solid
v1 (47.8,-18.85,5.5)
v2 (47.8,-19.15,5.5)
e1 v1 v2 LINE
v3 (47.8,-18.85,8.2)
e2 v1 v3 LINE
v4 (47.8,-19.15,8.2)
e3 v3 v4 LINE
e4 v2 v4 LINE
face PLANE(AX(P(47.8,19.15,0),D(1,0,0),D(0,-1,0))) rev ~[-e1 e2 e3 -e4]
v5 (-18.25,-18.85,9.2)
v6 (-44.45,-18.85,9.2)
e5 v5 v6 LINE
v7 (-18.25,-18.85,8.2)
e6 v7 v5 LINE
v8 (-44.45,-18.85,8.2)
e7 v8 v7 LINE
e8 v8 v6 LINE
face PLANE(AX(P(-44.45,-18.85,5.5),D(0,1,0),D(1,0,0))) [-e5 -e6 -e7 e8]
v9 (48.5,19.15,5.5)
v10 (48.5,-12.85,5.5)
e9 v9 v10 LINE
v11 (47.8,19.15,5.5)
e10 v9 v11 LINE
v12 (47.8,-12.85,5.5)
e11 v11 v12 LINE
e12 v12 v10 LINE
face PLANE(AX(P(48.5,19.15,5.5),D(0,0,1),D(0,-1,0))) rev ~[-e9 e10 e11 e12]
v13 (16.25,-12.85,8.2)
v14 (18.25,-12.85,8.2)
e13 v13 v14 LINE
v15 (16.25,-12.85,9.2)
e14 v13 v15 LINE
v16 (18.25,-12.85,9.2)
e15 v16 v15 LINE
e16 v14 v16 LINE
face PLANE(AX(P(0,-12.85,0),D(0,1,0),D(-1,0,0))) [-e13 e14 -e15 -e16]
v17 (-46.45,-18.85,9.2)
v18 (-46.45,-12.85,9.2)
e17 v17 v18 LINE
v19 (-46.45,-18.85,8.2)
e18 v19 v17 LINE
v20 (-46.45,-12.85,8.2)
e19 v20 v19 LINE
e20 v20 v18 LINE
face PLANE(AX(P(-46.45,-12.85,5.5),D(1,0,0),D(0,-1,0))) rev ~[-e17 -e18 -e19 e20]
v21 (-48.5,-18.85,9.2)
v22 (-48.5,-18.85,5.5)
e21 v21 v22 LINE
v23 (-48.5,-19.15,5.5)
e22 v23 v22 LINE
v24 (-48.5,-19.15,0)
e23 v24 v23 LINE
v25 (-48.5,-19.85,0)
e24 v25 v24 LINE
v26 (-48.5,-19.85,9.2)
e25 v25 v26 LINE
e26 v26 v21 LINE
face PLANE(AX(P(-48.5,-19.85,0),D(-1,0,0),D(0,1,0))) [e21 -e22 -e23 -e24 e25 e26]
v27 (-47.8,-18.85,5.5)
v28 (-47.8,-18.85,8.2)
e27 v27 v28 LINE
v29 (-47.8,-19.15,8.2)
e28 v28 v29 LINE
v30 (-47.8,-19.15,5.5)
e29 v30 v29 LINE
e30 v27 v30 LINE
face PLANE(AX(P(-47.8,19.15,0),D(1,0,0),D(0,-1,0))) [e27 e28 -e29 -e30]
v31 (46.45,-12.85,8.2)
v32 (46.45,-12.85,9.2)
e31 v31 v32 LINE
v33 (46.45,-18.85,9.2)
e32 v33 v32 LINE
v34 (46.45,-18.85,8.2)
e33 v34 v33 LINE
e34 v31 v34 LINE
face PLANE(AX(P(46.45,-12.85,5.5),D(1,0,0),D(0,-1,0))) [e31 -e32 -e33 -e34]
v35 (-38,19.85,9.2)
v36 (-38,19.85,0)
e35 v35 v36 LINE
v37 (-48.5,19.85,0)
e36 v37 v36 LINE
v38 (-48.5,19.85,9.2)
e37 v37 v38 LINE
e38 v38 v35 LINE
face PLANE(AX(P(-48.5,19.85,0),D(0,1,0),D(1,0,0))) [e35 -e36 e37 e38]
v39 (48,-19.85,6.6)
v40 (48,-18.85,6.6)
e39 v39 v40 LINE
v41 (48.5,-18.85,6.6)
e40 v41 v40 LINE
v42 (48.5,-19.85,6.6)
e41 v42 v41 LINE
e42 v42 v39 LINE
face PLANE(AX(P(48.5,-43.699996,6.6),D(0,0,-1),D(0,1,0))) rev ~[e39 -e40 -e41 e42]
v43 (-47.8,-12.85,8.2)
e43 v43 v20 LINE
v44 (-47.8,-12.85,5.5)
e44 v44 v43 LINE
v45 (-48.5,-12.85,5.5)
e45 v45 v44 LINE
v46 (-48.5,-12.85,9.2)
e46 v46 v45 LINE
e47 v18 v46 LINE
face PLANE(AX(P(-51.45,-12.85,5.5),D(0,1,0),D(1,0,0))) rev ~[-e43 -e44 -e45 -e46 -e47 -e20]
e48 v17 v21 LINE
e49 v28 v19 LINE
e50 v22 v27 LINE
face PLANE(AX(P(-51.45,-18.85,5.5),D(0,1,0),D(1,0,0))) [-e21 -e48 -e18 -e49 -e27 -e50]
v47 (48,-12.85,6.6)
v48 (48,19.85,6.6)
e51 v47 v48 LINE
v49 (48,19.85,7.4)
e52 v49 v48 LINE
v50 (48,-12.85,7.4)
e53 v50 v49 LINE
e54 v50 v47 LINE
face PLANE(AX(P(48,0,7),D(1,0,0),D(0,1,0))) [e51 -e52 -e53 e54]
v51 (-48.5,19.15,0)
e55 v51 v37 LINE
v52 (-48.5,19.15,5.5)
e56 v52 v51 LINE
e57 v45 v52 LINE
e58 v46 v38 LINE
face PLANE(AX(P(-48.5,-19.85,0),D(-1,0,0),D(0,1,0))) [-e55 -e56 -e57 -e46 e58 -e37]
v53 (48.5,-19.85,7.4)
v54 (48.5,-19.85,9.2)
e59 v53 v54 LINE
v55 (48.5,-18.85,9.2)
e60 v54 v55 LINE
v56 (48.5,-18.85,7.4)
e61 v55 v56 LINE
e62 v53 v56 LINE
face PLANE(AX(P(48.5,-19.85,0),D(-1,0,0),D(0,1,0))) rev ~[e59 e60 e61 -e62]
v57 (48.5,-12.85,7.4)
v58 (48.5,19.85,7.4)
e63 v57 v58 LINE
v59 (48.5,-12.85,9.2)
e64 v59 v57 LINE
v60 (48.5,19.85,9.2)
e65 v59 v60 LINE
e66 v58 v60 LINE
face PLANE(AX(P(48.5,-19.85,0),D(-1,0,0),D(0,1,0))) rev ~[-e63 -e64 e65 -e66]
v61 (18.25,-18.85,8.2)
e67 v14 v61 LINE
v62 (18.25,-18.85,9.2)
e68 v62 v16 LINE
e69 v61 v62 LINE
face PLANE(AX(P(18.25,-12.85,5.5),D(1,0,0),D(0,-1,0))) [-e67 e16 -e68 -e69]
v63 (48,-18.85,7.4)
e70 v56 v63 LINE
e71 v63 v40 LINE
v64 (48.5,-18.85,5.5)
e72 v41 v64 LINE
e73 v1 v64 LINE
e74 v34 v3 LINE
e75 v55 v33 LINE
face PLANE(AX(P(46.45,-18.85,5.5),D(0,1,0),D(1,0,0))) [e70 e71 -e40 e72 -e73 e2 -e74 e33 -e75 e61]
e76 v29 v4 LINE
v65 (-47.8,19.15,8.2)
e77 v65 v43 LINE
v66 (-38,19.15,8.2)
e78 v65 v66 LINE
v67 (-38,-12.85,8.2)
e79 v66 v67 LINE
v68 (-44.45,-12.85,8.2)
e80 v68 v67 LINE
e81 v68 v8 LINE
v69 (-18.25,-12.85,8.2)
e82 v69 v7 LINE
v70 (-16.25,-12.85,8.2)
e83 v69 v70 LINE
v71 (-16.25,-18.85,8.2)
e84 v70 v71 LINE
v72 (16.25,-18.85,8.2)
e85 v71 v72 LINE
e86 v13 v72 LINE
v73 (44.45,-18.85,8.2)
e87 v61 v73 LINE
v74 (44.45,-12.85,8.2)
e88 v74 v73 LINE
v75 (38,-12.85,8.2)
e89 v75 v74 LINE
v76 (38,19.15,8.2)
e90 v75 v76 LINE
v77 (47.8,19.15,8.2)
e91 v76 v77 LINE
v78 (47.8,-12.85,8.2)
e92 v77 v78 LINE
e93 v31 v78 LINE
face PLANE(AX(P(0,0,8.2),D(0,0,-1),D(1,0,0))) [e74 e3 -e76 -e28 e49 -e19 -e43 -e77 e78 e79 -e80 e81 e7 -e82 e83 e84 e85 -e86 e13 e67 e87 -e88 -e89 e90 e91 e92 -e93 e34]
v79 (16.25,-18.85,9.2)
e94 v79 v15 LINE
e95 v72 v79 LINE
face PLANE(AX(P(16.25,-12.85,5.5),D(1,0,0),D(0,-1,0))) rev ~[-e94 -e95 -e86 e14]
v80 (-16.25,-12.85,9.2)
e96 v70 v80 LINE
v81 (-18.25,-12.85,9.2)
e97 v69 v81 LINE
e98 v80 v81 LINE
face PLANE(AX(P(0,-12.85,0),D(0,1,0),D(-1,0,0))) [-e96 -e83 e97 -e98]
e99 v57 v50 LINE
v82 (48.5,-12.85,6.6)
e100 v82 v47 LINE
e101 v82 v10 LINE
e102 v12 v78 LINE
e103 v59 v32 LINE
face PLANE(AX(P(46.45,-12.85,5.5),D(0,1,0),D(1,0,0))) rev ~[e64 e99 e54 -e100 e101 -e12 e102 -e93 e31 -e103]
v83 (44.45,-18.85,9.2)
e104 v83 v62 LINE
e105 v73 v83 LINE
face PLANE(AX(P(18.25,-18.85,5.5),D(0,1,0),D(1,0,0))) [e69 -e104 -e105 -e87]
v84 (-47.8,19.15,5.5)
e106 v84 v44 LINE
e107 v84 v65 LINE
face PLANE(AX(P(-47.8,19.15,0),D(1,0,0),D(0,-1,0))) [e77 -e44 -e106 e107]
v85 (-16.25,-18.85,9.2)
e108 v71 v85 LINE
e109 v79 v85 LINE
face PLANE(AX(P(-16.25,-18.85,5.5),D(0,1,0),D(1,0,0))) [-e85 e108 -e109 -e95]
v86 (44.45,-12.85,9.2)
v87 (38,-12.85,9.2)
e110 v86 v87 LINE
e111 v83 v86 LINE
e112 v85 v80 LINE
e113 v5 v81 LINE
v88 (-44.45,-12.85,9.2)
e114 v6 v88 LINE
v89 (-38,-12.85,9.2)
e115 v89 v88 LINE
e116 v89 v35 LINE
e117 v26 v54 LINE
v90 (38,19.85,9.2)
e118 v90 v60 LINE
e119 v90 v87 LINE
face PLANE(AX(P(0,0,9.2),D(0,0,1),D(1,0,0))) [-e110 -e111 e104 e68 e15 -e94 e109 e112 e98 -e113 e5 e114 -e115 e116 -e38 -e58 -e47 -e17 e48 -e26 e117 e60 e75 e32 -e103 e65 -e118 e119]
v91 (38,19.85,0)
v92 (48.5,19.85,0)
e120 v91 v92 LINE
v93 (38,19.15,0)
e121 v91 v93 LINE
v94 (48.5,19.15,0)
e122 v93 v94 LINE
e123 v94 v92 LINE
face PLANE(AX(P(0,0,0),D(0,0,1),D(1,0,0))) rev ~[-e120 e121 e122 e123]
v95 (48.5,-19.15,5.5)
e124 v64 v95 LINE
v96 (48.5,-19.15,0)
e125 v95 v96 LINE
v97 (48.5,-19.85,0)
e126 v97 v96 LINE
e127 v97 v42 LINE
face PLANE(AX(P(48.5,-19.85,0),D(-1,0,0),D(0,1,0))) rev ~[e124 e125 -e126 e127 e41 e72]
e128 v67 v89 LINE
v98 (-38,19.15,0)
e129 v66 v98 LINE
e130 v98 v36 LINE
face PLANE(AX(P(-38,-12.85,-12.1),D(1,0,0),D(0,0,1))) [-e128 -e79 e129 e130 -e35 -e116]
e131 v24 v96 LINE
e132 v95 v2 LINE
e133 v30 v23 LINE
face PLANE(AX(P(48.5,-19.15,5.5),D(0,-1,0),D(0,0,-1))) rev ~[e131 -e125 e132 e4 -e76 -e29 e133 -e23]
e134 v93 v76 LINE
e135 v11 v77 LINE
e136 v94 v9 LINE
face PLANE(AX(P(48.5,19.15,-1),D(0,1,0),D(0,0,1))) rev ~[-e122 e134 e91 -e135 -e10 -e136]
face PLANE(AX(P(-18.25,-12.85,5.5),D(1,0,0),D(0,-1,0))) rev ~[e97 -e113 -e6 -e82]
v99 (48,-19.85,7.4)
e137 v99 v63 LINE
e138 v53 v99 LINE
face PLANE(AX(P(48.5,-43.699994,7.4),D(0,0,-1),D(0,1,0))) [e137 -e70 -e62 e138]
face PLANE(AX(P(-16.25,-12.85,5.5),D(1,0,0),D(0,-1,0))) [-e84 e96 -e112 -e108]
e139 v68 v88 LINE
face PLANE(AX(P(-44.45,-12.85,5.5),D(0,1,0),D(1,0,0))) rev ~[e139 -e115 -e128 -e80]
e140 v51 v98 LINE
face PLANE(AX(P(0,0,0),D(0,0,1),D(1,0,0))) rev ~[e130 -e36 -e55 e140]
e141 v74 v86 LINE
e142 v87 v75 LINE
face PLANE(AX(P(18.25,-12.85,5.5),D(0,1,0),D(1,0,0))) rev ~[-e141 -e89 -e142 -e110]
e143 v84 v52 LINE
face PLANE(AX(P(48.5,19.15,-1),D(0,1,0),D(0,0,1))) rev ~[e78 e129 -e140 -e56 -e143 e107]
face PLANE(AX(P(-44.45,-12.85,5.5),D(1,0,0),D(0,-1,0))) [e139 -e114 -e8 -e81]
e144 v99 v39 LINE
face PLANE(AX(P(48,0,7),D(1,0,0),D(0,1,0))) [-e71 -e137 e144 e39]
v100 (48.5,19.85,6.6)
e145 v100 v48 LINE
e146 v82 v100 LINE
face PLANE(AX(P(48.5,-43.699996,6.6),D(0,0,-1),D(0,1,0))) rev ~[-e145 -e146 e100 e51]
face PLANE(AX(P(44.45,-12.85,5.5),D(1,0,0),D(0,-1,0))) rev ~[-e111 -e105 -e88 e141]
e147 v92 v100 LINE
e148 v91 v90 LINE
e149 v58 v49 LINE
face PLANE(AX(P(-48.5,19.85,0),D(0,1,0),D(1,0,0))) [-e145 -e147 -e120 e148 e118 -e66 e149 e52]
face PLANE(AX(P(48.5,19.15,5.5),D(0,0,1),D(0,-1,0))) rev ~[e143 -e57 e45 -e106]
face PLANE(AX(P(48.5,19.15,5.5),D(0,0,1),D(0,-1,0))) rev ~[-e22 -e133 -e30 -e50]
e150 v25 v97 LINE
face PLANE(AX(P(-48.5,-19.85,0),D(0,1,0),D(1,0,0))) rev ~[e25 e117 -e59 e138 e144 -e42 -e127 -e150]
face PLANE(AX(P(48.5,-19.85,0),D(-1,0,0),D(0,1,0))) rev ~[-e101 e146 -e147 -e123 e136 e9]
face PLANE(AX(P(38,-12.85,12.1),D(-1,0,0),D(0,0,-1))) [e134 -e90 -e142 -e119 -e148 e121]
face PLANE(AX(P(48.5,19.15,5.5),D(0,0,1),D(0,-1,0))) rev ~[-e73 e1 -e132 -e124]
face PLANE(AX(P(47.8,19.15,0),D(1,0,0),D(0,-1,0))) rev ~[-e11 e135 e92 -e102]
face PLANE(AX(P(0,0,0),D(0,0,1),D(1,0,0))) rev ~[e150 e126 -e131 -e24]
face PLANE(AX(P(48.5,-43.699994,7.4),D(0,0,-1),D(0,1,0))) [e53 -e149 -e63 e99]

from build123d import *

# Parameters (mm, degrees)
SKETCH002_W     = 97
SKETCH002_H     = 39.7
PAD002_DEPTH    = 9.2
SKETCH003_W     = 95.6
SKETCH003_H     = 38.3
POCKET_DEPTH    = 8.2
POCKET001_DEPTH = 97.001
SKETCH005_W     = 32.5
SKETCH005_H     = 6
SKETCH005_W_2   = 26.2
SKETCH005_W_3   = 5
POCKET002_DEPTH = 3.701
POCKET003_DEPTH = 32.701
POCKET004_DEPTH = 0.5
SKETCH008_W     = 9.8
SKETCH008_H     = 5
POCKET005_DEPTH = 2


with BuildPart() as part:
    # Sketch002 → Pad002 (new body)
    with BuildSketch(Plane.XY):
        Rectangle(SKETCH002_W, SKETCH002_H)
    extrude(amount=PAD002_DEPTH)

    # Sketch003 (on Face5 of Pad002) → Pocket (cut)
    with BuildSketch(Plane(origin=(0, 0, 0), x_dir=(1, 0, 0), z_dir=(0, 0, -1))):
        Rectangle(SKETCH003_W, SKETCH003_H)
    extrude(amount=-POCKET_DEPTH, mode=Mode.SUBTRACT)

    # Sketch004 (on Face3 of Pocket) → Pocket001 (cut, through all)
    with BuildSketch(Plane.YZ.offset(48.5)):
        Polygon((19.15, 5.5), (-19.15, 5.5), (-19.15, 0), (-19.15, -1), (19.15, -1), (19.15, 0), align=None)
    extrude(amount=-POCKET001_DEPTH, mode=Mode.SUBTRACT)

    # Sketch005 (on Face8 of Pocket001) → Pocket002 (cut, through all)
    with BuildSketch(Plane(origin=(0, 0, 5.5), x_dir=(1, 0, 0), z_dir=(0, 0, -1))):
        with Locations((0, 15.85)):
            Rectangle(SKETCH005_W, SKETCH005_H)
        with Locations((-31.35, 15.85)):
            Rectangle(SKETCH005_W_2, SKETCH005_H)
        with Locations((-48.95, 15.85)):
            Rectangle(SKETCH005_W_3, SKETCH005_H)
        with Locations((31.35, 15.85)):
            Rectangle(SKETCH005_W_2, SKETCH005_H)
        with Locations((48.95, 15.85)):
            Rectangle(SKETCH005_W_3, SKETCH005_H)
    extrude(amount=-POCKET002_DEPTH, mode=Mode.SUBTRACT)

    # Sketch006 (on Face20 of Pocket002) → Pocket003 (cut, through all)
    with BuildSketch(Plane.XZ.offset(12.85)):
        with BuildLine():
            Line((-37, 13.1), (37, 13.1))
            ThreePointArc((38, 12.1), (37.707107, 12.807107), (37, 13.1))
            Line((38, 12.1), (38, -12.1))
            ThreePointArc((37, -13.1), (37.707107, -12.807107), (38, -12.1))
            Line((37, -13.1), (-37, -13.1))
            ThreePointArc((-38, -12.1), (-37.707107, -12.807107), (-37, -13.1))
            Line((-38, -12.1), (-38, 12.1))
            ThreePointArc((-37, 13.1), (-37.707107, 12.807107), (-38, 12.1))
        make_face()
    extrude(amount=-POCKET003_DEPTH, mode=Mode.SUBTRACT)

    # Sketch007 (on Face20 of Pocket003) → Pocket004 (cut)
    with BuildSketch(Plane.YZ.offset(48.5)):
        with BuildLine():
            ThreePointArc((-43.699994, 7.4), (-44.1, 7.000001), (-43.699996, 6.6))
            Line((-43.699996, 6.6), (43.7, 6.6))
            ThreePointArc((43.7, 6.6), (44.1, 7), (43.699999, 7.4))
            Line((-43.699994, 7.4), (43.699999, 7.4))
        make_face()
        with BuildLine():
            ThreePointArc((-43.7, -6.6), (-44.1, -7), (-43.7, -7.4))
            Line((-43.7, -7.4), (43.7, -7.4))
            ThreePointArc((43.7, -7.4), (44.1, -7), (43.7, -6.6))
            Line((-43.7, -6.6), (43.7, -6.6))
        make_face()
    extrude(amount=-POCKET004_DEPTH, mode=Mode.SUBTRACT)

    # Sketch008 (on Face21 of Pocket004) → Pocket005 (cut)
    with BuildSketch(Plane(origin=(0, 19.85, 0), x_dir=(-1, 0, 0), z_dir=(0, 1, 0))):
        with Locations((0, 5)):
            Rectangle(SKETCH008_W, SKETCH008_H)
    extrude(amount=-POCKET005_DEPTH, mode=Mode.SUBTRACT)


solid = part.part
